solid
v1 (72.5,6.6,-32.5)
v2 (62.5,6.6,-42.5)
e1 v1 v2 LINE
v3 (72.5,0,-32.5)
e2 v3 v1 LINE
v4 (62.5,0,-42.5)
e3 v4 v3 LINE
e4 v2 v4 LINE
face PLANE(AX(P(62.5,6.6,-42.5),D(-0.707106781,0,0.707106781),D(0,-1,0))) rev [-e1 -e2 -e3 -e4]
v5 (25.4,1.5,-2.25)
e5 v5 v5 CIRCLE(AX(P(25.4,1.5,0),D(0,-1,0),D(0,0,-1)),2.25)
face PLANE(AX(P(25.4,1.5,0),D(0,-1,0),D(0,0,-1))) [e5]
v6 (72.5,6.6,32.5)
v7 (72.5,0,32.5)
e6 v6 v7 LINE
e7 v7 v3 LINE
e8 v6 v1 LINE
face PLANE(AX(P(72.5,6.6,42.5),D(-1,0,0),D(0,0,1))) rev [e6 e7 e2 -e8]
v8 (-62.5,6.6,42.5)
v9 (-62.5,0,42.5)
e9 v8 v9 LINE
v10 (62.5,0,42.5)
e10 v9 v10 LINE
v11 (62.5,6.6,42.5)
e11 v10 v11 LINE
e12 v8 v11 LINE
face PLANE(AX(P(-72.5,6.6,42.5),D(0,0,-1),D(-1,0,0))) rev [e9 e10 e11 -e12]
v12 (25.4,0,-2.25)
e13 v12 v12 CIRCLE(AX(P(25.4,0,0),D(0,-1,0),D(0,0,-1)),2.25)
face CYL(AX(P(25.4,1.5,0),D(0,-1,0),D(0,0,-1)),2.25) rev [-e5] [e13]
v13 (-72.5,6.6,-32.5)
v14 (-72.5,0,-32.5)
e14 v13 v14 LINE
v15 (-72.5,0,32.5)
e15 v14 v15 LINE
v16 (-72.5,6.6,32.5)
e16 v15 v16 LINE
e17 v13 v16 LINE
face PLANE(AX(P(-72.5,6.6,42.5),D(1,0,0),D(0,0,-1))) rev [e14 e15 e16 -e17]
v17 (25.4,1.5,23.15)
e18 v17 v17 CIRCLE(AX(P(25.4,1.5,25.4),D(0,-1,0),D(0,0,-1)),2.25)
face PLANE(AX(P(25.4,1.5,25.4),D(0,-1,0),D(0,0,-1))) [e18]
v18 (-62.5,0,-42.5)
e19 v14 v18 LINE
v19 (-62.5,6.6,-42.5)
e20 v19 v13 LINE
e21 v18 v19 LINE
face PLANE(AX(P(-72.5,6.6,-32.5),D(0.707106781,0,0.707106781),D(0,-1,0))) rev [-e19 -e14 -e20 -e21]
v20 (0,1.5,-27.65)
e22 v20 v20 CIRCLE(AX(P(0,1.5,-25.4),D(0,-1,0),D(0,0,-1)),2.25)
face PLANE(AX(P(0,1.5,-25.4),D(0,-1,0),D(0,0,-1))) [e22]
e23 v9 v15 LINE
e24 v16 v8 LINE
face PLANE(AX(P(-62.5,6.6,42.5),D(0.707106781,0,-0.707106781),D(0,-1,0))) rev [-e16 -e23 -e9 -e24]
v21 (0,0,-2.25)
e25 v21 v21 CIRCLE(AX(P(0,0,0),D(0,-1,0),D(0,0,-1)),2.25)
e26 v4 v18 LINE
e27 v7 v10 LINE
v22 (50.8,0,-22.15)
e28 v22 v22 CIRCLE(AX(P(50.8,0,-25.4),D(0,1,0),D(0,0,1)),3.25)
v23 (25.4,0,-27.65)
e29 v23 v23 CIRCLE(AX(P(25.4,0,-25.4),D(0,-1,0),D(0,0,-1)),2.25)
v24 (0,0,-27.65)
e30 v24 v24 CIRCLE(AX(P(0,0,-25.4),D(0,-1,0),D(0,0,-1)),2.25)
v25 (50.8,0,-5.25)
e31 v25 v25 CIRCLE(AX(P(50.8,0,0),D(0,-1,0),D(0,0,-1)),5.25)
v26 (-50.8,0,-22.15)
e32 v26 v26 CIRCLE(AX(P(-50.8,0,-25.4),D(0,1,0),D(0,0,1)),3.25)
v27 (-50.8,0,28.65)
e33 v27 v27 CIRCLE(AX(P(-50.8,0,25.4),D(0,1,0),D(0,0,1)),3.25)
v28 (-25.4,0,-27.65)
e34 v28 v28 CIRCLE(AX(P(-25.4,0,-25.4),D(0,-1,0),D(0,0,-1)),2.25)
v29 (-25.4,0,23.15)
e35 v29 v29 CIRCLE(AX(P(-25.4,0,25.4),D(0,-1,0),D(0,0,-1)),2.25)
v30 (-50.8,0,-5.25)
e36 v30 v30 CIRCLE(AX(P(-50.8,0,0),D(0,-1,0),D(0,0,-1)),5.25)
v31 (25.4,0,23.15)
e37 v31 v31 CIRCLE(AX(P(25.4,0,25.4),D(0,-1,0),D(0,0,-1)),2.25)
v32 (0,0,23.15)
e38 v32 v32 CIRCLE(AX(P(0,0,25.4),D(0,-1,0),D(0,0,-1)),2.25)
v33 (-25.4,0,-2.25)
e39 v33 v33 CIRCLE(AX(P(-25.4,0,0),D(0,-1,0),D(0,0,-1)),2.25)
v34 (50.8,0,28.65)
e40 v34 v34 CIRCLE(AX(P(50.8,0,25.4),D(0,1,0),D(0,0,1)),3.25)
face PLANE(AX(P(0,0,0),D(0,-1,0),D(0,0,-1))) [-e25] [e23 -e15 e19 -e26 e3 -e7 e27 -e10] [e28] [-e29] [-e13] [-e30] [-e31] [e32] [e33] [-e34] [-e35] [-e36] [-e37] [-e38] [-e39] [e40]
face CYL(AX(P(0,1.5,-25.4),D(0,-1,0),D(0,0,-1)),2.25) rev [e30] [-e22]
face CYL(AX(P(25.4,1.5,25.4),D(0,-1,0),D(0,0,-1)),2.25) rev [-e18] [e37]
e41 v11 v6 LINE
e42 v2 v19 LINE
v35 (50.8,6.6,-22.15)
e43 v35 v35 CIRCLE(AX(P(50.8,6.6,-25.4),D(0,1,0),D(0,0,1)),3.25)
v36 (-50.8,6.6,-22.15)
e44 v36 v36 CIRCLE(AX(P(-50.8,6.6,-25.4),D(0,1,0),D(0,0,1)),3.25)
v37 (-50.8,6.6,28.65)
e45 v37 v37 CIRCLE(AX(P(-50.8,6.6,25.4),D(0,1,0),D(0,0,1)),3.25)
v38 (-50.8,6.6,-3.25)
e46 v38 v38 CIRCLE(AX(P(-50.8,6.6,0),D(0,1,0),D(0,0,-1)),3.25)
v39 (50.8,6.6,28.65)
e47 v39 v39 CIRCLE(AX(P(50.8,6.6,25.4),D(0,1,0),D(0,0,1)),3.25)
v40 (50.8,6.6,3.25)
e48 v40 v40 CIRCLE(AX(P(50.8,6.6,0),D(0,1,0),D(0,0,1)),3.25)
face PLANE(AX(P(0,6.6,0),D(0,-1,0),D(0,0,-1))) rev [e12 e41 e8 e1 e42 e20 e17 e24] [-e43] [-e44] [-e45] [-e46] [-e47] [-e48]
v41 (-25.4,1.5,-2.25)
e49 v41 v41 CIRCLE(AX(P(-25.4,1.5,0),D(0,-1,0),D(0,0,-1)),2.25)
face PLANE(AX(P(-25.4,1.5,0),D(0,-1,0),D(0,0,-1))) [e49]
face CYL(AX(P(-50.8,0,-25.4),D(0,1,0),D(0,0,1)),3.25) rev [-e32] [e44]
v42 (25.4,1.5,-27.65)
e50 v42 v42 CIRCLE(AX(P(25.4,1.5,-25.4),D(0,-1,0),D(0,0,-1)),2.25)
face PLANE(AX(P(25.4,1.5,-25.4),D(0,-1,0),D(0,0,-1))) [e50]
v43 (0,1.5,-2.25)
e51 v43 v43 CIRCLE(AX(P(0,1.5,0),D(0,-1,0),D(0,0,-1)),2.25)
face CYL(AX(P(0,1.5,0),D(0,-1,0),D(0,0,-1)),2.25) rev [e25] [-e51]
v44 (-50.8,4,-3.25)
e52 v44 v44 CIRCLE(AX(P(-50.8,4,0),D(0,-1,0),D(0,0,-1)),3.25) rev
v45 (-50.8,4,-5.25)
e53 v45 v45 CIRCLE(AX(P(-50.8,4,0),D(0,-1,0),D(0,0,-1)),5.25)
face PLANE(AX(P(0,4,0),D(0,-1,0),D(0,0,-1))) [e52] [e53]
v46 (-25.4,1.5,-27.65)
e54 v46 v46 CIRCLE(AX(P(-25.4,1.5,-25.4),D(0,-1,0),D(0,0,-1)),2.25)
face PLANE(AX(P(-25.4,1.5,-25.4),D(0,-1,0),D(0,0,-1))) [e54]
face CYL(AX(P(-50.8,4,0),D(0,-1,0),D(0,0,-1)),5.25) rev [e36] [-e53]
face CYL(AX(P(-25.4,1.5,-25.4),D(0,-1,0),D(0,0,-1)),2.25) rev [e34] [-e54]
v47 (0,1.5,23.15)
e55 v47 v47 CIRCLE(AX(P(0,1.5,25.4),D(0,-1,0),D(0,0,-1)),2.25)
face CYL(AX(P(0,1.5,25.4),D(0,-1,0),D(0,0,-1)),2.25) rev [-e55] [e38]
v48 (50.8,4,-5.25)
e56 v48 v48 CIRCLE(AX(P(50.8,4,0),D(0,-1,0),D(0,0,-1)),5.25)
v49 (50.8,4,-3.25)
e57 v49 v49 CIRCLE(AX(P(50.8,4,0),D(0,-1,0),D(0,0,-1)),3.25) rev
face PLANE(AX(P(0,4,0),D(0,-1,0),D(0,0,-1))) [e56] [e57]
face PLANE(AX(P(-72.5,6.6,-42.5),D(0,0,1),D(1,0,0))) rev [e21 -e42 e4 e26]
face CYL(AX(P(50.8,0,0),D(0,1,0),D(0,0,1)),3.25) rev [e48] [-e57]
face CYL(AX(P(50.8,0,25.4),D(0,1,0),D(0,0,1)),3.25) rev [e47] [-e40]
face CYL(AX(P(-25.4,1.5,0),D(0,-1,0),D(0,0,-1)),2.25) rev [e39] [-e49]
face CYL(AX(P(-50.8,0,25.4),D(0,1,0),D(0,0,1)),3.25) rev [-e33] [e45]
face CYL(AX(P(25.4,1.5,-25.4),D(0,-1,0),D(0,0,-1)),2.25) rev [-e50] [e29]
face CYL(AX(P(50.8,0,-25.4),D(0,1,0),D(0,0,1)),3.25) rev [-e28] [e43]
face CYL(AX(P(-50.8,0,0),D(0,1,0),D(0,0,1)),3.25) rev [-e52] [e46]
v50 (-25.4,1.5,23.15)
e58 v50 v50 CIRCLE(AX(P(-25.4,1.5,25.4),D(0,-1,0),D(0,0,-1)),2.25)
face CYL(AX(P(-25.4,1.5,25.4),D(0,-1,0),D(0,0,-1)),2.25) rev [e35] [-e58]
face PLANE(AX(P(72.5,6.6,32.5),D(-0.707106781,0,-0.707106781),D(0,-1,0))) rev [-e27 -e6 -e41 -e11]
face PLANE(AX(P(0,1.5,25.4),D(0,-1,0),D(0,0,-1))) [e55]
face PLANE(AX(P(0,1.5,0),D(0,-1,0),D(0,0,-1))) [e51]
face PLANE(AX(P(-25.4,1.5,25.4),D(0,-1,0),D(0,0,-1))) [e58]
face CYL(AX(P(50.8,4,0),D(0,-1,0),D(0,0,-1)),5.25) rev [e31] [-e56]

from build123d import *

# Parameters (mm, degrees)
SKETCH1_W           = 145
SKETCH1_H           = 85
BOSS_EXTRUDE1_DEPTH = 6.6
SKETCH2_R           = 3.25
CUT_EXTRUDE1_DEPTH  = 85.297449546
CHAMFER1_SIZE       = 10
CUT_EXTRUDE2_START  = -4
SKETCH3_R           = 5.25
SKETCH3_R_2         = 3.25
CUT_EXTRUDE2_DEPTH  = 4
SKETCH4_R           = 2.25
CUT_EXTRUDE3_DEPTH  = 1.5


with BuildPart() as part:
    # Sketch1 → Boss-Extrude1 (new body)
    with BuildSketch(Plane(origin=(0, 0, 0), x_dir=(1, 0, 0), z_dir=(0, 1, 0))):
        Rectangle(SKETCH1_W, SKETCH1_H)
    extrude(amount=BOSS_EXTRUDE1_DEPTH)

    # Sketch2 → Cut-Extrude1 (cut, through all)
    with BuildSketch(Plane(origin=(0, 6.6, 0), x_dir=(1, 0, 0), z_dir=(0, 1, 0))):
        with Locations(Location((-50.8, 25.4, 0), (0, 0, 270))):
            Circle(SKETCH2_R)
        with Locations(Location((50.8, 25.4, 0), (0, 0, 270))):
            Circle(SKETCH2_R)
        with Locations(Location((50.8, -25.4, 0), (0, 0, 270))):
            Circle(SKETCH2_R)
        with Locations(Location((-50.8, -25.4, 0), (0, 0, 270))):
            Circle(SKETCH2_R)
        with Locations(Location((50.8, 0, 0), (0, 0, 270))):
            Circle(SKETCH2_R)
        with Locations(Location((-50.8, 0, 0), (0, 0, 90))):
            Circle(SKETCH2_R)
    extrude(amount=-CUT_EXTRUDE1_DEPTH, mode=Mode.SUBTRACT)

    # Chamfer1
    chamfer1_edges = [part.edges().sort_by_distance(p)[0] for p in [
        (72.5, 3.3, 42.5),
        (-72.5, 3.3, 42.5),
        (-72.5, 3.3, -42.5),
        (72.5, 3.3, -42.5),
    ]]
    chamfer(chamfer1_edges, length=CHAMFER1_SIZE)

    # Sketch3 → Cut-Extrude2 (cut)
    # profile 1 of 2: a face of its own
    with BuildSketch(Plane.XZ.offset(CUT_EXTRUDE2_START)):
        with Locations(Location((50.8, 0, 0), (0, 0, 270))):
            Circle(SKETCH3_R)
        with Locations(Location((50.8, 0, 0), (0, 0, 90))):
            Circle(SKETCH3_R_2, mode=Mode.SUBTRACT)
    # profile 2 of 2: a face of its own
    with BuildSketch(Plane.XZ.offset(CUT_EXTRUDE2_START)):
        with Locations(Location((-50.8, 0, 0), (0, 0, 270))):
            Circle(SKETCH3_R)
        with Locations(Location((-50.8, 0, 0), (0, 0, 270))):
            Circle(SKETCH3_R_2, mode=Mode.SUBTRACT)
    extrude(amount=CUT_EXTRUDE2_DEPTH, mode=Mode.SUBTRACT)

    # Sketch4 → Cut-Extrude3 (cut)
    with BuildSketch(Plane.XZ):
        with Locations(Location((-25.4, 25.4, 0), (0, 0, 270))):
            Circle(SKETCH4_R)
        with Locations(Location((0, 25.4, 0), (0, 0, 270))):
            Circle(SKETCH4_R)
        with Locations(Location((25.4, 25.4, 0), (0, 0, 270))):
            Circle(SKETCH4_R)
        with Locations(Location((-25.4, 0, 0), (0, 0, 270))):
            Circle(SKETCH4_R)
        with Locations(Location((0, 0, 0), (0, 0, 270))):
            Circle(SKETCH4_R)
        with Locations(Location((25.4, 0, 0), (0, 0, 270))):
            Circle(SKETCH4_R)
        with Locations(Location((-25.4, -25.4, 0), (0, 0, 270))):
            Circle(SKETCH4_R)
        with Locations(Location((0, -25.4, 0), (0, 0, 270))):
            Circle(SKETCH4_R)
        with Locations(Location((25.4, -25.4, 0), (0, 0, 270))):
            Circle(SKETCH4_R)
    extrude(amount=-CUT_EXTRUDE3_DEPTH, mode=Mode.SUBTRACT)


solid = part.part
